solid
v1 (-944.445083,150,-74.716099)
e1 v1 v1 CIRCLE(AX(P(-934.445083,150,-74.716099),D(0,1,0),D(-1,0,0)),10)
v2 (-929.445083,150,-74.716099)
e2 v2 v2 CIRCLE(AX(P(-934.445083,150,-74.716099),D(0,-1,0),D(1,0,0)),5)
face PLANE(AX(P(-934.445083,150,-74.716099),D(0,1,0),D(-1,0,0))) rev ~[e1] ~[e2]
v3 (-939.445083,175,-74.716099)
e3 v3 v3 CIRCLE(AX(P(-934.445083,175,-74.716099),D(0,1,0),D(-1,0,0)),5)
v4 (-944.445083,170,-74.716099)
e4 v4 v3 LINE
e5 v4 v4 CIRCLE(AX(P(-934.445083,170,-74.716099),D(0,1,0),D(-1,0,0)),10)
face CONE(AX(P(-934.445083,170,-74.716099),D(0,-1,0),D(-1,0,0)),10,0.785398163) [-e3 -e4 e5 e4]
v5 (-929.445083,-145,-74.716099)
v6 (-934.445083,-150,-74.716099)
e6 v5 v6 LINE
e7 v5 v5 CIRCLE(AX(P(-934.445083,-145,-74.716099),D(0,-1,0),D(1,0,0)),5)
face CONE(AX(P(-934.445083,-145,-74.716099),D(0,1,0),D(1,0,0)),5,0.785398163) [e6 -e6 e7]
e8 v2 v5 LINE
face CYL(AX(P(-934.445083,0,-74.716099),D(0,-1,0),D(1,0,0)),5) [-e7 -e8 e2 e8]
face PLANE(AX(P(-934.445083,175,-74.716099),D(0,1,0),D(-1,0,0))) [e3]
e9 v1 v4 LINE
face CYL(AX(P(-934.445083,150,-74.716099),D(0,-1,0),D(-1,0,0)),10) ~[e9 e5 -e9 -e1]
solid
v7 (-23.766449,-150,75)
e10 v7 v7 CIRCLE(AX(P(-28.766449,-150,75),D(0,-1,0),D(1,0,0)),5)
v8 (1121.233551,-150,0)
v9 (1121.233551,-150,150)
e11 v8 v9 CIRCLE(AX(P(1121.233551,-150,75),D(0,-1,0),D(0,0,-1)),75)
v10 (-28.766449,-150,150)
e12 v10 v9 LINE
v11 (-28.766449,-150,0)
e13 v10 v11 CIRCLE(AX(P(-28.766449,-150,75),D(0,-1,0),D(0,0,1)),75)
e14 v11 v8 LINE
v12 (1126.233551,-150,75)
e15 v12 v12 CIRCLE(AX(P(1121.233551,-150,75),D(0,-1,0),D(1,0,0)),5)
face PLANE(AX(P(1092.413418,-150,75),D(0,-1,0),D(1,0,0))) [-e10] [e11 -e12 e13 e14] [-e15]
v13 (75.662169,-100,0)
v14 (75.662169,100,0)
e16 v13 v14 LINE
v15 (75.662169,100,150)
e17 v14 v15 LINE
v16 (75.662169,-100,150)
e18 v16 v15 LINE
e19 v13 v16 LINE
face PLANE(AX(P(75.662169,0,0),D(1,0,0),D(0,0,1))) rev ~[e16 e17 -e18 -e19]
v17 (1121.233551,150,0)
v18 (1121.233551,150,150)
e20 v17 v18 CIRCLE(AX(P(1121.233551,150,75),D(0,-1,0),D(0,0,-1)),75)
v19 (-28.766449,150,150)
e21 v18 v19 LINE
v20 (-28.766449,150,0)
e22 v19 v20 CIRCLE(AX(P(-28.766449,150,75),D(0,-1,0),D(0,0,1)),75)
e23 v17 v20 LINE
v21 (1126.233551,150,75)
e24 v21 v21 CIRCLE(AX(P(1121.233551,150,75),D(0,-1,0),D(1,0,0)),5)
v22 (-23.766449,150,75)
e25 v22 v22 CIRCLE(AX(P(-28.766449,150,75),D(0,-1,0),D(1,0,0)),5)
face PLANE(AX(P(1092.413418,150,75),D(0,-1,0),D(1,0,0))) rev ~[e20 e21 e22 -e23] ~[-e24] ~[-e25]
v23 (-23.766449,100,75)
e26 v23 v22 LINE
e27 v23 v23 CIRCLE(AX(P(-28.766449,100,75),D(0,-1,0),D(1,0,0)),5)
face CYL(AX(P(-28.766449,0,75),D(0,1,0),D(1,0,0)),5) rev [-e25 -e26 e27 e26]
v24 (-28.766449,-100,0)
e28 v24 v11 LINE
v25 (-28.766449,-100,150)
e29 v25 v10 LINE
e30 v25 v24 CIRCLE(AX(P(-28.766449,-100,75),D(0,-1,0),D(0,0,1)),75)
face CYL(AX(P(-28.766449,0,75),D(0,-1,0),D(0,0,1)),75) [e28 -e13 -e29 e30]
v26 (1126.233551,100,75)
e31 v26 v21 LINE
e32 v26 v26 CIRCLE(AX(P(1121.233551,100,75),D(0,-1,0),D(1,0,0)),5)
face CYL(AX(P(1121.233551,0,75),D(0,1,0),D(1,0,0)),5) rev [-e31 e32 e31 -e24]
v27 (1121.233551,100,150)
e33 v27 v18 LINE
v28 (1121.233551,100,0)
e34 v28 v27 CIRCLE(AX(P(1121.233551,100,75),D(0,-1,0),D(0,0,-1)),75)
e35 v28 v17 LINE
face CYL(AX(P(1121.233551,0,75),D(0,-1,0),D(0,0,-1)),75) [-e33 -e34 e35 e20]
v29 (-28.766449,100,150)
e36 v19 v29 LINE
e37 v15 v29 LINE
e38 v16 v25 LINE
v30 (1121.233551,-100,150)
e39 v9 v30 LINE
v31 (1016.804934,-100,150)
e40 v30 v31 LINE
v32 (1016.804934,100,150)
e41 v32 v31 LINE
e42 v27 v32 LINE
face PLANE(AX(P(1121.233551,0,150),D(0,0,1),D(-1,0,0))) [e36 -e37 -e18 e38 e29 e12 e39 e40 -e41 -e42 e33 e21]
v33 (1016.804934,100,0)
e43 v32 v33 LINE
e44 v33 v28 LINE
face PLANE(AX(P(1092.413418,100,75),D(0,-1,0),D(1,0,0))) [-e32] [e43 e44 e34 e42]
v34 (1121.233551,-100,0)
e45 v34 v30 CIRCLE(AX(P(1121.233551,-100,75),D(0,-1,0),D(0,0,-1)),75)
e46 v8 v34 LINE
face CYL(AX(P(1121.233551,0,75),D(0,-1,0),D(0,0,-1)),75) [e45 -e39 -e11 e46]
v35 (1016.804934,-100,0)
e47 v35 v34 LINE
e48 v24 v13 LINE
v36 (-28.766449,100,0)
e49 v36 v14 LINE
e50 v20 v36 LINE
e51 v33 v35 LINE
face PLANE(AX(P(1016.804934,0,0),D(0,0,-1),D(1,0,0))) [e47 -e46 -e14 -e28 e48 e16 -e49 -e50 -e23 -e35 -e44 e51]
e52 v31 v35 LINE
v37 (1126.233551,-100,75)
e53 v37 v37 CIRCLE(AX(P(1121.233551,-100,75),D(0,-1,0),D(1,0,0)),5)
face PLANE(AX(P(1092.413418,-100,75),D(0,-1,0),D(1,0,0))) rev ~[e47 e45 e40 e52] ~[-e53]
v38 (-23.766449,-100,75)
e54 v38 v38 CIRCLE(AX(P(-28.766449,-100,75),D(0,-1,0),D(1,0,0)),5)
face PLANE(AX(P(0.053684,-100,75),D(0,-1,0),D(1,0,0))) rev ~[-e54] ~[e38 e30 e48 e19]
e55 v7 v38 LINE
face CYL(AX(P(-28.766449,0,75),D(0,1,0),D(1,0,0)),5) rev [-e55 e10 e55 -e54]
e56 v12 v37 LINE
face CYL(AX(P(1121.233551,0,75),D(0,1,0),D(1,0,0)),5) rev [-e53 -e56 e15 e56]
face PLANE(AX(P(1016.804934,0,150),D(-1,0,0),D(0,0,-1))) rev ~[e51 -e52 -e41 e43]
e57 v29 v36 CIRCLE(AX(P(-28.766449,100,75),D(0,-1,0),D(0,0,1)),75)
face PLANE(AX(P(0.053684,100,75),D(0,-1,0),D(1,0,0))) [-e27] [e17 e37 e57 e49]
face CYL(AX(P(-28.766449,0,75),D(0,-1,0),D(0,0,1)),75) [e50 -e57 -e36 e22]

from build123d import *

# Parameters (mm, degrees)
F0_W      = 470.5713823438
F0_H      = 150
F1_DEPTH  = 150
F2_DEPTH  = 150
F0_R      = 5
F3_DEPTH  = 150
F4_DEPTH  = 100
F5_DEPTH  = 150
F6_DEPTH  = 100
F7_R      = 5
F8_DEPTH  = 150
F9_SIZE   = 5
F10_R     = 10
F11_DEPTH = 25
F12_SIZE  = 5


with BuildPart() as f1:
    # F0 (on Front) → F1 (new body)
    with BuildSketch(Plane.XZ):
        with Locations((781.5192423761, 75)):
            Rectangle(F0_W, F0_H)
        with Locations((310.9478600323, 75)):
            Rectangle(F0_W, F0_H)
    extrude(amount=F1_DEPTH)

    # F2 (add): a face of the model
    f2_faces = [f1.faces().sort_by_distance(p)[0] for p in [
        (546.2335512042, 0, 75),
    ]]
    extrude(f2_faces, amount=F2_DEPTH)

    # F0 (on Front) → F3 (join, symmetric)
    with BuildSketch(Plane.XZ):
        with BuildLine():
            Line((75.6621688604, 150), (-28.7664487958, 150))
            ThreePointArc((-28.7664487958, 150), (-81.7994573848, 128.033008589), (-103.7664487958, 75))
            ThreePointArc((-103.7664487958, 75), (-81.7994573848, 21.966991411), (-28.7664487958, 0))
            Line((-28.7664487958, 0), (75.6621688604, 0))
            Line((75.6621688604, 0), (75.6621688604, 150))
        make_face()
        with Locations((-28.7664487958, 75)):
            Circle(F0_R, mode=Mode.SUBTRACT)
    extrude(amount=F3_DEPTH, both=True)

    # F0 (on Front) → F4 (cut, symmetric)
    with BuildSketch(Plane.XZ):
        with BuildLine():
            Line((75.6621688604, 150), (-28.7664487958, 150))
            ThreePointArc((-28.7664487958, 150), (-81.7994573848, 128.033008589), (-103.7664487958, 75))
            ThreePointArc((-103.7664487958, 75), (-81.7994573848, 21.966991411), (-28.7664487958, 0))
            Line((-28.7664487958, 0), (75.6621688604, 0))
            Line((75.6621688604, 0), (75.6621688604, 150))
        make_face()
        with Locations((-28.7664487958, 75)):
            Circle(F0_R, mode=Mode.SUBTRACT)
    extrude(amount=F4_DEPTH, both=True, mode=Mode.SUBTRACT)

    # F0 (on Front) → F5 (join, symmetric)
    with BuildSketch(Plane.XZ):
        with BuildLine():
            Line((1121.2335512042, 150), (1016.804933548, 150))
            Line((1016.804933548, 150), (1016.804933548, 0))
            Line((1016.804933548, 0), (1121.2335512042, 0))
            ThreePointArc((1121.2335512042, 0), (1174.2665597932, 21.966991411), (1196.2335512042, 75))
            ThreePointArc((1196.2335512042, 75), (1174.2665597932, 128.033008589), (1121.2335512042, 150))
        make_face()
        with Locations((1121.2335512042, 75)):
            Circle(F0_R, mode=Mode.SUBTRACT)
    extrude(amount=F5_DEPTH, both=True)

    # F0 (on Front) → F6 (cut, symmetric)
    with BuildSketch(Plane.XZ):
        with BuildLine():
            Line((1121.2335512042, 150), (1016.804933548, 150))
            Line((1016.804933548, 150), (1016.804933548, 0))
            Line((1016.804933548, 0), (1121.2335512042, 0))
            ThreePointArc((1121.2335512042, 0), (1174.2665597932, 21.966991411), (1196.2335512042, 75))
            ThreePointArc((1196.2335512042, 75), (1174.2665597932, 128.033008589), (1121.2335512042, 150))
        make_face()
        with Locations((1121.2335512042, 75)):
            Circle(F0_R, mode=Mode.SUBTRACT)
    extrude(amount=F6_DEPTH, both=True, mode=Mode.SUBTRACT)


with BuildPart() as f8:
    # F7 (on Front) → F8 (new body, symmetric)
    with BuildSketch(Plane.XZ):
        with Locations((-934.4450831413, -74.7160986066)):
            Circle(F7_R)
    extrude(amount=F8_DEPTH, both=True)

    # F9
    f9_edges = [f8.edges().sort_by_distance(p)[0] for p in [
        (-939.445083, -150, -74.716099),
    ]]
    chamfer(f9_edges, length=F9_SIZE)

    # F10 (on face) → F11 (join)
    with BuildSketch(Plane(origin=(0, 150, 0), x_dir=(-1, 0, 0), z_dir=(0, 1, 0))):
        with Locations((934.4450831413, -74.7160986066)):
            Circle(F10_R)
    extrude(amount=F11_DEPTH)

    # F12
    f12_edges = [f8.edges().sort_by_distance(p)[0] for p in [
        (-924.445083, 175, -74.716099),
    ]]
    chamfer(f12_edges, length=F12_SIZE)


solid = Compound([f1.part, f8.part])
